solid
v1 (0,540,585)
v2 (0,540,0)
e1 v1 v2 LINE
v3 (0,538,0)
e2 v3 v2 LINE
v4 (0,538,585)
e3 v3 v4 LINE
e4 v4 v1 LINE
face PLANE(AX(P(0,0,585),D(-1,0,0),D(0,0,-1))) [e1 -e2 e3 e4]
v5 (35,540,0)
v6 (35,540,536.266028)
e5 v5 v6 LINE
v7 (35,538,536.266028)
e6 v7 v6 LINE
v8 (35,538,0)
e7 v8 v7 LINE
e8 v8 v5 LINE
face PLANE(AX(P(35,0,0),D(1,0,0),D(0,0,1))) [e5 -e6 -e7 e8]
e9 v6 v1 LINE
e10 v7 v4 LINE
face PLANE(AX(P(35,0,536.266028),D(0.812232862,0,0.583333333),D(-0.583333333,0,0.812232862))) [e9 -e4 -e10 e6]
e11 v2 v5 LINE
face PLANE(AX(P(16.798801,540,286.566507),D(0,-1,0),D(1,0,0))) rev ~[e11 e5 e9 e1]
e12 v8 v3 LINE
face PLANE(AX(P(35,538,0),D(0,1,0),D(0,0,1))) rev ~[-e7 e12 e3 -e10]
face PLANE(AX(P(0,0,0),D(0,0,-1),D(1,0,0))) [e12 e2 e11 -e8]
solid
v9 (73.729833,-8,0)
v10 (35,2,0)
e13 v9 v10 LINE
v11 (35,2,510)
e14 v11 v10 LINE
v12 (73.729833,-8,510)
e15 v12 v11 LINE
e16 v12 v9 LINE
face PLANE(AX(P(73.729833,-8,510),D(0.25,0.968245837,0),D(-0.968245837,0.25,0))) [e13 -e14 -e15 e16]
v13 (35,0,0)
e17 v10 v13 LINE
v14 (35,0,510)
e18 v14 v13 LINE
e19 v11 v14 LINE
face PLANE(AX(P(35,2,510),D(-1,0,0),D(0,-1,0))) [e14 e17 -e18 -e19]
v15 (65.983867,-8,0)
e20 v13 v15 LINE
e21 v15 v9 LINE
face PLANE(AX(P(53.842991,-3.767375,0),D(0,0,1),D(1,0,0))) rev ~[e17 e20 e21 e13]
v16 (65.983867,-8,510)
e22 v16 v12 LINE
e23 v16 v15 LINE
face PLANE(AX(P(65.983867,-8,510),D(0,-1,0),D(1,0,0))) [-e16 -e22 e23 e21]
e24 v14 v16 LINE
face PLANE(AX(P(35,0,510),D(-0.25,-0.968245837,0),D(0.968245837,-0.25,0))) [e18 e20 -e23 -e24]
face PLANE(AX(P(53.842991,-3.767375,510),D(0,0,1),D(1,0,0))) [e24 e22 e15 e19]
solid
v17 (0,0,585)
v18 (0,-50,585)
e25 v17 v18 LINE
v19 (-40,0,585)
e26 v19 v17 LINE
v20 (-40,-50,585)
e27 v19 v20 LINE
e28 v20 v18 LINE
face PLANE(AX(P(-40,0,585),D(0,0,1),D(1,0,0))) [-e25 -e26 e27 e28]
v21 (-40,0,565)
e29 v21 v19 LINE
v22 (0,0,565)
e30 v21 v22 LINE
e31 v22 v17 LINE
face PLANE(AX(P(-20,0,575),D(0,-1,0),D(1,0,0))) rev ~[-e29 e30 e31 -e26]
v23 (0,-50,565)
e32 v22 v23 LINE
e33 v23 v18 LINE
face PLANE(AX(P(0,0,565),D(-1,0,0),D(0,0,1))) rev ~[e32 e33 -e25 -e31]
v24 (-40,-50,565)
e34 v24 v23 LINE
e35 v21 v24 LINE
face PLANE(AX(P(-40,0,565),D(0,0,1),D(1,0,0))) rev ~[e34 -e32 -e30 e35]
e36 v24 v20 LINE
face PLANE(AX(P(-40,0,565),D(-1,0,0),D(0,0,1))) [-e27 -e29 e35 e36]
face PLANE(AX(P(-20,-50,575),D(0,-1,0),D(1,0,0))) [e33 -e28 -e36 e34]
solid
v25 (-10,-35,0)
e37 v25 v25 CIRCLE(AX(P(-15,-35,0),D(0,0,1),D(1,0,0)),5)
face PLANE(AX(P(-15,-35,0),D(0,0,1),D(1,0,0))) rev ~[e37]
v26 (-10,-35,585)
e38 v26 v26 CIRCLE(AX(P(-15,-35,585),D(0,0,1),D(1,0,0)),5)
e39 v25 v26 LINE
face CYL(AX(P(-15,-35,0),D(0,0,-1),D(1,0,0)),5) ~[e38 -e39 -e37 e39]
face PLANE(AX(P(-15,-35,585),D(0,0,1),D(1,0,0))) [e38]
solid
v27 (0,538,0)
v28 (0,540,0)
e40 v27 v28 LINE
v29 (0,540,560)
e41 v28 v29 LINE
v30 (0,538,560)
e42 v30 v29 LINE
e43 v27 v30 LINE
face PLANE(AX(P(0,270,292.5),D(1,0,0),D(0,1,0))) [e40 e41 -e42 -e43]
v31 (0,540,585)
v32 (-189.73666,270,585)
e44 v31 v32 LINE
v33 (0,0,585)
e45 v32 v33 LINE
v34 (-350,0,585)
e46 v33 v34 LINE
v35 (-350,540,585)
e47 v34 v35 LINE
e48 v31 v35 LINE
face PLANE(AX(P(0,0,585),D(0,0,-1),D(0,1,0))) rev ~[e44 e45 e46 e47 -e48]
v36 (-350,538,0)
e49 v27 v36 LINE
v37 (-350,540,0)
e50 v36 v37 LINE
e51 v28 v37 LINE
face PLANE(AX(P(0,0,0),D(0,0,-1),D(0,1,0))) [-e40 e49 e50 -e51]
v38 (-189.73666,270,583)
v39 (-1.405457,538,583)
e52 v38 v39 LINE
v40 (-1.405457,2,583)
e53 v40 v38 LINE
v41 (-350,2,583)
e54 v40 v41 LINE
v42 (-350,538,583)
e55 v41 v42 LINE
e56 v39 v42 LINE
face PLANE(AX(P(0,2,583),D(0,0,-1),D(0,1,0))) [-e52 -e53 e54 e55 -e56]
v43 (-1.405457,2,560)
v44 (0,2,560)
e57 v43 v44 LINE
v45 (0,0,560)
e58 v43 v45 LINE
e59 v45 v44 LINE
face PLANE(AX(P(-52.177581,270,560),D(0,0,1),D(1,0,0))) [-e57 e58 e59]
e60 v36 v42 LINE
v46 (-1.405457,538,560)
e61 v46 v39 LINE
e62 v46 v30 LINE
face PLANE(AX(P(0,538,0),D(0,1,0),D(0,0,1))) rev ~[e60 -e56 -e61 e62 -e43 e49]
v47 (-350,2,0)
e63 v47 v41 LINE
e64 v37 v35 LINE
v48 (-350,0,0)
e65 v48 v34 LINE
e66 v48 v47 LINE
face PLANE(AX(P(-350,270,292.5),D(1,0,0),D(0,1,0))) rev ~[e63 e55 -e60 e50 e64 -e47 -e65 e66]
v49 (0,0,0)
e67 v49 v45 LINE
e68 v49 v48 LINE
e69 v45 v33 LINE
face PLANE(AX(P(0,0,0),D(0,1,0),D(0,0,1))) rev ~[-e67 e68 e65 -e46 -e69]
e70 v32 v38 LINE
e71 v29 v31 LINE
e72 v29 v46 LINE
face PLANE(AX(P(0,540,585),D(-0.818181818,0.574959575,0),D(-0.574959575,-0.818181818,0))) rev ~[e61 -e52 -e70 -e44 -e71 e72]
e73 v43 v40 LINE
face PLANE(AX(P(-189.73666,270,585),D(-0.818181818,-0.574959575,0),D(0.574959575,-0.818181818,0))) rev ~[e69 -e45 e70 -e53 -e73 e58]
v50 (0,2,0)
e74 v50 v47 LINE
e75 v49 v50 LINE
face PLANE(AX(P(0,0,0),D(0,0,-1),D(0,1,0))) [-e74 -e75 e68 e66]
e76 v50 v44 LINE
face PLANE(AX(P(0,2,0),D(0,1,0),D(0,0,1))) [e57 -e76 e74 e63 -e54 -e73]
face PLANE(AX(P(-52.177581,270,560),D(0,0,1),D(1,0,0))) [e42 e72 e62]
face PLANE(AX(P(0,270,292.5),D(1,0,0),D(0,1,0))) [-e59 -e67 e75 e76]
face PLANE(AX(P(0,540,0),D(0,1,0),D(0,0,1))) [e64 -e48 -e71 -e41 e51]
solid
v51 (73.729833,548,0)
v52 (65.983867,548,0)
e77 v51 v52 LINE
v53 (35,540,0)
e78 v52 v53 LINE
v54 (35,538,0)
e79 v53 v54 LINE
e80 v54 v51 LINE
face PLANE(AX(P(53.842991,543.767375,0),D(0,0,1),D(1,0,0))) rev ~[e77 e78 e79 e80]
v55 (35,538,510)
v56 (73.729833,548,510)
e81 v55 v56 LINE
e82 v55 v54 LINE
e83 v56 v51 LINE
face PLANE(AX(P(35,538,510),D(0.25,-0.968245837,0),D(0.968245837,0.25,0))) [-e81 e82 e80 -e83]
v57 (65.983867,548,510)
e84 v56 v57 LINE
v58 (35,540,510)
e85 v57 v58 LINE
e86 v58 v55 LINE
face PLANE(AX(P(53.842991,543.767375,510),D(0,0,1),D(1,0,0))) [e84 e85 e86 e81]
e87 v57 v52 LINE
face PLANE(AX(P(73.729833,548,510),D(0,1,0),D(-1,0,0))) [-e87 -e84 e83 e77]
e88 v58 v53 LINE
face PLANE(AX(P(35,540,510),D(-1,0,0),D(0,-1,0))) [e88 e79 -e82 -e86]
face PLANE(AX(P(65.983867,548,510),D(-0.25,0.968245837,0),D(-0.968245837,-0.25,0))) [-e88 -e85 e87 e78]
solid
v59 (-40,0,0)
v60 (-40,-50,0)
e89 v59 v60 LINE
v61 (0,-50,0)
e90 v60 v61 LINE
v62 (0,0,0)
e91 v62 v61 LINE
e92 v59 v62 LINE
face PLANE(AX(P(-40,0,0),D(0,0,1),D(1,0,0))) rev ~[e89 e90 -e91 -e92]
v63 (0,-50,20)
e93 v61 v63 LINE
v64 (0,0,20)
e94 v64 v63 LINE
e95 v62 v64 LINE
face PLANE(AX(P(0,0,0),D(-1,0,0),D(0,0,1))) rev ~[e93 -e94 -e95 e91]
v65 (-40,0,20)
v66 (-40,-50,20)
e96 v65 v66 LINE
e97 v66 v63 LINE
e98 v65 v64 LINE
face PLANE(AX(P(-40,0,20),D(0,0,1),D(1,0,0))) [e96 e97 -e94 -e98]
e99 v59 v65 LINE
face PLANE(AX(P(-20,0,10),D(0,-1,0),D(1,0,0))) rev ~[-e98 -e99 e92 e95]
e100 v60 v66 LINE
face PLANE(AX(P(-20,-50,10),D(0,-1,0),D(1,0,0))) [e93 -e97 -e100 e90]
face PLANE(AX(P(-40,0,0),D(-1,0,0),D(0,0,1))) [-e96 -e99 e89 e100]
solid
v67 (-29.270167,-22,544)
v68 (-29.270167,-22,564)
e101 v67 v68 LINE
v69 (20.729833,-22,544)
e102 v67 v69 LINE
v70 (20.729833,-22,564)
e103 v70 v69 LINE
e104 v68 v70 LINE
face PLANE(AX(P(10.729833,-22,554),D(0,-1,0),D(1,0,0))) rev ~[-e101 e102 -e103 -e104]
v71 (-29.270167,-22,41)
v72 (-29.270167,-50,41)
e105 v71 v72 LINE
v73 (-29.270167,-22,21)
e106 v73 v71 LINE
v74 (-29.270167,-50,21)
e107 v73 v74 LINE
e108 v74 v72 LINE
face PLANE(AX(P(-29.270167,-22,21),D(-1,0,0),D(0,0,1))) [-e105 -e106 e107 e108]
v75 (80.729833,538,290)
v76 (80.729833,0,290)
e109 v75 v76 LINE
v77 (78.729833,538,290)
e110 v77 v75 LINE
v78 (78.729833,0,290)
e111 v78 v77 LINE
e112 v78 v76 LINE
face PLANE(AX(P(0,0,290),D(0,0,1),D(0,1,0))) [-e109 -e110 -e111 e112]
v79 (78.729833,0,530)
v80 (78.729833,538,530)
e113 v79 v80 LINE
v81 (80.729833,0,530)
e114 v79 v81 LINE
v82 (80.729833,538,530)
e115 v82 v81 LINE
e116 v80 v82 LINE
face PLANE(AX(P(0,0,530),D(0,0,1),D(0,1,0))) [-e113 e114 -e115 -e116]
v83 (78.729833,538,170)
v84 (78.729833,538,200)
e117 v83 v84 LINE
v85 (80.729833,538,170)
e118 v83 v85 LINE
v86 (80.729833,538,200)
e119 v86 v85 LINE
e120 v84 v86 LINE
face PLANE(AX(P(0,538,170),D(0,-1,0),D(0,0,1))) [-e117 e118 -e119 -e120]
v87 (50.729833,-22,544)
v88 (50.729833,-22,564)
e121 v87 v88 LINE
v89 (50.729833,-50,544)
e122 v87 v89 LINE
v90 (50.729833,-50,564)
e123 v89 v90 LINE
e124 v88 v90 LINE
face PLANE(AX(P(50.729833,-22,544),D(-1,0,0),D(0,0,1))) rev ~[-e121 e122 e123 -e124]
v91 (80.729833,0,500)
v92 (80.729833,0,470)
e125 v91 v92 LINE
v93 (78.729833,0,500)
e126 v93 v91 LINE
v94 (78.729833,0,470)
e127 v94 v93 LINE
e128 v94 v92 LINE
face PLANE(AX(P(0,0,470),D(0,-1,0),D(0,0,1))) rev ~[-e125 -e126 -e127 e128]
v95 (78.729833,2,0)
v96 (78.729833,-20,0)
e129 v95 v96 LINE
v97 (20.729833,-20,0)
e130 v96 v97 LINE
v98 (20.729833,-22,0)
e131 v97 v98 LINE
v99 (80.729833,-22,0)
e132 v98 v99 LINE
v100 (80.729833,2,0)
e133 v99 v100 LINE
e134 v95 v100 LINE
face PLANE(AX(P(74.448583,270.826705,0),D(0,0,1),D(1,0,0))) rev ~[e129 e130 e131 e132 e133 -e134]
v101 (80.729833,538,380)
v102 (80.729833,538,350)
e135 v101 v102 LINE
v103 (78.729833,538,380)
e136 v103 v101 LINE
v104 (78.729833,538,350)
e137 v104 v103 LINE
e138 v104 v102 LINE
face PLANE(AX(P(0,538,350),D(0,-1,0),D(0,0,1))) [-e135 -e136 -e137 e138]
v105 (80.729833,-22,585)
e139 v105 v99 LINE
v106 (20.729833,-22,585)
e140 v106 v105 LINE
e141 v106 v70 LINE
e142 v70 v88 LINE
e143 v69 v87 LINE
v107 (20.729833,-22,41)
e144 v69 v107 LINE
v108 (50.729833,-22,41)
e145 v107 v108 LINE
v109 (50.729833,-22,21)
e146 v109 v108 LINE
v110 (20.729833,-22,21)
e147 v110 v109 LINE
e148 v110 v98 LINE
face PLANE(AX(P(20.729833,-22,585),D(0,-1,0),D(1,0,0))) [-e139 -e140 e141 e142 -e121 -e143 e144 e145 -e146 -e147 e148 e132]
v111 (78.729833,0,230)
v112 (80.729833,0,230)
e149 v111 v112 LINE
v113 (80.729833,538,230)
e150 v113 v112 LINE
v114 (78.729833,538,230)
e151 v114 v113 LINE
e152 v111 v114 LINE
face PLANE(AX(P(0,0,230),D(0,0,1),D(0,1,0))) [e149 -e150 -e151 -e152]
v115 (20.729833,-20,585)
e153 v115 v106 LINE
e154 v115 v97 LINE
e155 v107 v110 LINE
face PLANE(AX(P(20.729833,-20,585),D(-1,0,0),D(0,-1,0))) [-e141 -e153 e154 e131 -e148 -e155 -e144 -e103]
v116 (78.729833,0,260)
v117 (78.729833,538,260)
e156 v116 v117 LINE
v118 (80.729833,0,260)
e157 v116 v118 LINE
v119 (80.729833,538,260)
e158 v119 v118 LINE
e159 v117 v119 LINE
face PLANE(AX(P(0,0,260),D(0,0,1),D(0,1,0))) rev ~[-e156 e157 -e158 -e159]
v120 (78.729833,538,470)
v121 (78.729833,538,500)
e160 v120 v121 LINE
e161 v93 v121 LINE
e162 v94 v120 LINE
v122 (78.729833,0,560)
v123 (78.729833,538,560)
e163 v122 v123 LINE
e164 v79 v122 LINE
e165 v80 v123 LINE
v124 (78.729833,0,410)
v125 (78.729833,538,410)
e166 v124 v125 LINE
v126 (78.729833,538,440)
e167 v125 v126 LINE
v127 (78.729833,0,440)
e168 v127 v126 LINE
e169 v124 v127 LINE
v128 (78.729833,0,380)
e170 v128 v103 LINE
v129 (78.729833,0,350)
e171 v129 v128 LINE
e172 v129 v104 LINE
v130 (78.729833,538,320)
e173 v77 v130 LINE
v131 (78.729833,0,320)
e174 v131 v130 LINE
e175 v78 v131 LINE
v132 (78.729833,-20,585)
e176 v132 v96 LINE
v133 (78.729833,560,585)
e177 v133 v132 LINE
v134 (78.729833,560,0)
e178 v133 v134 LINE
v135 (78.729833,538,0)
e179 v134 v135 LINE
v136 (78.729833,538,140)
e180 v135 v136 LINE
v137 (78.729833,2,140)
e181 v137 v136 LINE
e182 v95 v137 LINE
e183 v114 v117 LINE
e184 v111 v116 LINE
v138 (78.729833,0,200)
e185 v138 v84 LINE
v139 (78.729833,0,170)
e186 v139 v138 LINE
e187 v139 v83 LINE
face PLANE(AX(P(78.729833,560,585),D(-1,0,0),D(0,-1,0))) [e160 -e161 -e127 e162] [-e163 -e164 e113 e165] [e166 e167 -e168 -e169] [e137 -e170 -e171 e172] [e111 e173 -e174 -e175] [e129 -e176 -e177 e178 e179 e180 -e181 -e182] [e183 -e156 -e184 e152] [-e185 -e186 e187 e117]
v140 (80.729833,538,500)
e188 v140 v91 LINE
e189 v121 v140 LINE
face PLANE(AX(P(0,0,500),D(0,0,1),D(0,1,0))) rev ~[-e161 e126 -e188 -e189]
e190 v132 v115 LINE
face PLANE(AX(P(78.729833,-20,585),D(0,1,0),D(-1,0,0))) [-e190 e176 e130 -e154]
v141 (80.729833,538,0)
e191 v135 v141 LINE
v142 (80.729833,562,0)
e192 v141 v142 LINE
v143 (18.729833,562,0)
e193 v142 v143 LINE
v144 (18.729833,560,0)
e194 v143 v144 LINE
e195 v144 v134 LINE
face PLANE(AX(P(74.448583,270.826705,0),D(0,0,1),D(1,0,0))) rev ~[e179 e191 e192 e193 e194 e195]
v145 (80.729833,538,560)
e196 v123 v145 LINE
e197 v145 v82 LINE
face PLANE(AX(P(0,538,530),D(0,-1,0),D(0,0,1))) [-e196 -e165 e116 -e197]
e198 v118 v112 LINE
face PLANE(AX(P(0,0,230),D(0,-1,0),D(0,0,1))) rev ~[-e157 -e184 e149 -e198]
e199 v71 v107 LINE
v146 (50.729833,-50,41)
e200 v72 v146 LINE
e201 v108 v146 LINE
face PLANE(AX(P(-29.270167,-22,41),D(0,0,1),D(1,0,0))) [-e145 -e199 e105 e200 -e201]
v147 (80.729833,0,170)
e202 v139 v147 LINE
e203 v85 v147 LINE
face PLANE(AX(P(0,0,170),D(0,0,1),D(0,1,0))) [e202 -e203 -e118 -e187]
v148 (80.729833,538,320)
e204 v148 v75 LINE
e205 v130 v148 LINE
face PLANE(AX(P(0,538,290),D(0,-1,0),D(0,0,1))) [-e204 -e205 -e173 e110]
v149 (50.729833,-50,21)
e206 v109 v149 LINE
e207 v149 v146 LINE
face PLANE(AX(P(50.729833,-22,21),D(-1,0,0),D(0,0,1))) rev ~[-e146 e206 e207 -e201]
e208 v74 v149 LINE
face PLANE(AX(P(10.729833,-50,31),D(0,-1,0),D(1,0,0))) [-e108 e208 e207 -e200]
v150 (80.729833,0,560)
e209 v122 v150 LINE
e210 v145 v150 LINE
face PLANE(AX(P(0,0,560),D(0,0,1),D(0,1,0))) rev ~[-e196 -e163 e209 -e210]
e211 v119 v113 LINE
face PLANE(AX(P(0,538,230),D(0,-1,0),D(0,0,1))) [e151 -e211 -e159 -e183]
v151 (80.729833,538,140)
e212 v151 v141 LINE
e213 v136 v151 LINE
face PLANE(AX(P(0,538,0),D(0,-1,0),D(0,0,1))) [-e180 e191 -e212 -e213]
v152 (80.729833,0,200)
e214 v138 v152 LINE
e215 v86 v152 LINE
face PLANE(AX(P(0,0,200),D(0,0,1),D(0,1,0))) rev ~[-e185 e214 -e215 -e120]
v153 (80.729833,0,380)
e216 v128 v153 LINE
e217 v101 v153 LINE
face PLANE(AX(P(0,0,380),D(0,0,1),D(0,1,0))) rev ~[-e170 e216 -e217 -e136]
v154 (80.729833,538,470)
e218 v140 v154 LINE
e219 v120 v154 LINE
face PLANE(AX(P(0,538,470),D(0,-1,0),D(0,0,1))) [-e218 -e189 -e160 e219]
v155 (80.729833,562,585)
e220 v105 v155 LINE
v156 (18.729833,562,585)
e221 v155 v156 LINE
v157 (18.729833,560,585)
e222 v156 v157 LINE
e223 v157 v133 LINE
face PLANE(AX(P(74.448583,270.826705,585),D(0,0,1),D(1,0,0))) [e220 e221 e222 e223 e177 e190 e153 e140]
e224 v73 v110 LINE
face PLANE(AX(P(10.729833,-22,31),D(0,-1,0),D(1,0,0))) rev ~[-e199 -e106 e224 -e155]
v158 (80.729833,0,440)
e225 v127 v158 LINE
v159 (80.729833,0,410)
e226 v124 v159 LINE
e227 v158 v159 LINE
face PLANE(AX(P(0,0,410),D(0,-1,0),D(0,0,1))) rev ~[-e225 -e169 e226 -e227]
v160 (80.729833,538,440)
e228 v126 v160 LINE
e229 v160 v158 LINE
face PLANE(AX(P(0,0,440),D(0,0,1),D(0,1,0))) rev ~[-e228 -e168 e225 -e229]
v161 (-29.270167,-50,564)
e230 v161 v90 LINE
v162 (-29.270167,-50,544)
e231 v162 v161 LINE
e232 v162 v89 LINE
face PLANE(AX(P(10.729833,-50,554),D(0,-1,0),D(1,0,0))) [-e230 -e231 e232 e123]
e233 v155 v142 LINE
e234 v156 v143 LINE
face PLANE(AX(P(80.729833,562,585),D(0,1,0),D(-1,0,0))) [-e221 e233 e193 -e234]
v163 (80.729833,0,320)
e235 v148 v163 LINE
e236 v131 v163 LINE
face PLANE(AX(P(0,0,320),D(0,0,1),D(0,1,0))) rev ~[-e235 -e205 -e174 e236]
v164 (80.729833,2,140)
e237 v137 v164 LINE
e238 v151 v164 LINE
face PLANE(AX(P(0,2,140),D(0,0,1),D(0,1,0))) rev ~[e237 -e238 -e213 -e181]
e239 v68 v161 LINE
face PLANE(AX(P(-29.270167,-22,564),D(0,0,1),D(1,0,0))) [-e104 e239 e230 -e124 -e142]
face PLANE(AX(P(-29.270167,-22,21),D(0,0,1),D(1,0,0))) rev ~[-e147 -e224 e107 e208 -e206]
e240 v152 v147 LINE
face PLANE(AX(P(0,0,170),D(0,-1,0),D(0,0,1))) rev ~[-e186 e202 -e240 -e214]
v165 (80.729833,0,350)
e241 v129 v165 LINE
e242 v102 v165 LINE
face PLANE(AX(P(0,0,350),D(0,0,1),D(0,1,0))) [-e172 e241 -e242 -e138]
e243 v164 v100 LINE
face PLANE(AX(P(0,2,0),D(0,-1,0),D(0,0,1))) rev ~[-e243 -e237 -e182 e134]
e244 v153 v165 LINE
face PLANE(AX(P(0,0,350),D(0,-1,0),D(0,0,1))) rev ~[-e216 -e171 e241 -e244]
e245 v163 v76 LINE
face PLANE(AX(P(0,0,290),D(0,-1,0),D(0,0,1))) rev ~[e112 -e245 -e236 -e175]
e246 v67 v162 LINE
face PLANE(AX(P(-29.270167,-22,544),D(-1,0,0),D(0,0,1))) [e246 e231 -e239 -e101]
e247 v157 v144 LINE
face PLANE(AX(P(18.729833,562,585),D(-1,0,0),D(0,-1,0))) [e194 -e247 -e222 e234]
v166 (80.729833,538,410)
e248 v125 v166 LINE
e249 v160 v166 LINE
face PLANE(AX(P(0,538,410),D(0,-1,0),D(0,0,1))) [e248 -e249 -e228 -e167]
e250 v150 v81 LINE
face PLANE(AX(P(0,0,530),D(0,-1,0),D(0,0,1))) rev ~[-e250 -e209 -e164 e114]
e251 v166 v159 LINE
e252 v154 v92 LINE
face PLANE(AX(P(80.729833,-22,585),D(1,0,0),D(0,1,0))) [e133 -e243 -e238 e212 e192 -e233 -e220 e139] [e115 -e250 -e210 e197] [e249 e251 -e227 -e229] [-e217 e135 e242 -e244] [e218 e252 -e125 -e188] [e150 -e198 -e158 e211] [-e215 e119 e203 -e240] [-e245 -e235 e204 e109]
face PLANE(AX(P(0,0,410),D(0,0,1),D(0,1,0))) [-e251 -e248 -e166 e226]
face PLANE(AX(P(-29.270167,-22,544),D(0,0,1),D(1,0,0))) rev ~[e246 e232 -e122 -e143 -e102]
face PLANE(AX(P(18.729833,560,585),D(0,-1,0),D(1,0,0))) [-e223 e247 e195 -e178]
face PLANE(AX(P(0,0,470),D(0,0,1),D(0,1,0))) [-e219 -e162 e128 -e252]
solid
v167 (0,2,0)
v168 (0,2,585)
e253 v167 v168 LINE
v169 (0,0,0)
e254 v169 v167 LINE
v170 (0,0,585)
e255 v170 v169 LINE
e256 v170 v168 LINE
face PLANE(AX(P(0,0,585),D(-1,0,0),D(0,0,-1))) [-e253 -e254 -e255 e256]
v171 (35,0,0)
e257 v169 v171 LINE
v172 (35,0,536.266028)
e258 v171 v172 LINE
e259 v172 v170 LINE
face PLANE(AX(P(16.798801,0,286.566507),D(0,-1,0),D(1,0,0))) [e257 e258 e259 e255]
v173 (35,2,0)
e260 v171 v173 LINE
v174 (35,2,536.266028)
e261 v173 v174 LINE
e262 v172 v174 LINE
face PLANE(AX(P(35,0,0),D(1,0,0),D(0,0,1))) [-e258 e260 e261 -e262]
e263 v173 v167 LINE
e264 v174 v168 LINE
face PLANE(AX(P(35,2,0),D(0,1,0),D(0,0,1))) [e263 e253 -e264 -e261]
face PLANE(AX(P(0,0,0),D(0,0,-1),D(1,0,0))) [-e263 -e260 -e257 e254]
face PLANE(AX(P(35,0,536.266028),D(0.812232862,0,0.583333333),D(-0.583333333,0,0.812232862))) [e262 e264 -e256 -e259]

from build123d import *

# Parameters (mm, degrees)
F0_W      = 540
F0_H      = 585
F1_DEPTH  = 350
F2_W      = 536
F2_H      = 583
F3_DEPTH  = 350
F5_DEPTH  = 25
F7_DEPTH  = 540
F8_W      = 536
F8_H      = 585
F9_DEPTH  = 35
F12_DEPTH = 510
F15_DEPTH = 585
F16_W     = 536
F16_H     = 140
F16_W_2   = 538
F16_H_2   = 30
F17_DEPTH = 100
F18_W     = 40
F18_H     = 20
F19_DEPTH = 50
F20_R     = 5
F21_DEPTH = 585
F22_W     = 80
F22_H     = 20
F23_DEPTH = 28


with BuildPart() as f1:
    # F0 (on Right) → F1 (new body)
    with BuildSketch(Plane.YZ):
        with Locations((270, 292.5)):
            Rectangle(F0_W, F0_H)
    extrude(amount=-F1_DEPTH)

    # F2 (on face) → F3 (cut)
    with BuildSketch(Plane.YZ):
        with Locations((270, 291.5)):
            Rectangle(F2_W, F2_H)
    extrude(amount=-F3_DEPTH, mode=Mode.SUBTRACT)

    # F4 (on face) → F5 (cut)
    with BuildSketch(Plane.XY.offset(585)):
        Polygon((-189.7366596101, 270), (0, 0), (0, 540), align=None)
    extrude(amount=-F5_DEPTH, mode=Mode.SUBTRACT)


with BuildPart() as f7:
    # F6 (on face) → F7 (new body)
    with BuildSketch(Plane.XZ):
        Polygon((0, 585), (0, 0), (35, 0), (35, 536.266028276), align=None)
    extrude(amount=-F7_DEPTH)

    # F8 (on face) → F9 (cut)
    with BuildSketch(Plane.YZ.offset(35)):
        with Locations((270, 292.5)):
            Rectangle(F8_W, F8_H)
    extrude(amount=-F9_DEPTH, mode=Mode.SUBTRACT)


with BuildPart() as f12:
    # F11 (on offset) → F12 (new body)
    with BuildSketch(Plane.XY.offset(510)):
        Polygon((35, 2), (35, 0), (65.9838667697, -8), (73.7298334621, -8), align=None)
    extrude(amount=-F12_DEPTH)


with BuildPart() as f12b:
    # F11 (on offset) → F12, piece 2 (new body)
    with BuildSketch(Plane.XY.offset(510)):
        Polygon((65.9838667697, 548), (35, 540), (35, 538), (73.7298334621, 548), align=None)
    extrude(amount=-F12_DEPTH)


with BuildPart() as f15:
    # F14 (on offset) → F15 (new body)
    with BuildSketch(Plane.XY.offset(585)):
        Polygon((78.7298334621, -20), (20.7298334621, -20), (20.7298334621, -22), (80.7298334621, -22), (80.7298334621, 562), (18.7298334621, 562), (18.7298334621, 560), (78.7298334621, 560), align=None)
    extrude(amount=-F15_DEPTH)

    # F16 (on Right) → F17 (cut)
    with BuildSketch(Plane.YZ):
        with Locations((270, 70)):
            Rectangle(F16_W, F16_H)
        with Locations((269, 185)):
            Rectangle(F16_W_2, F16_H_2)
        with Locations((269, 245)):
            Rectangle(F16_W_2, F16_H_2)
        with Locations((269, 305)):
            Rectangle(F16_W_2, F16_H_2)
        with Locations((269, 365)):
            Rectangle(F16_W_2, F16_H_2)
        with Locations((269, 545)):
            Rectangle(F16_W_2, F16_H_2)
        with Locations((269, 485)):
            Rectangle(F16_W_2, F16_H_2)
        with Locations((269, 425)):
            Rectangle(F16_W_2, F16_H_2)
    extrude(amount=F17_DEPTH, mode=Mode.SUBTRACT)

    # F22 (on face) → F23 (join)
    with BuildSketch(Plane.XZ.offset(22)):
        with Locations((10.7298334621, 554)):
            Rectangle(F22_W, F22_H)
        with Locations((10.7298334621, 31)):
            Rectangle(F22_W, F22_H)
    extrude(amount=F23_DEPTH)


with BuildPart() as f19:
    # F18 (on Front) → F19 (new body)
    with BuildSketch(Plane.XZ):
        with Locations((-20, 10)):
            Rectangle(F18_W, F18_H)
    extrude(amount=F19_DEPTH)


with BuildPart() as f19b:
    # F18 (on Front) → F19, piece 2 (new body)
    with BuildSketch(Plane.XZ):
        with Locations((-20, 575)):
            Rectangle(F18_W, F18_H)
    extrude(amount=F19_DEPTH)


with BuildPart() as f21:
    # F20 (on Top) → F21 (new body)
    with BuildSketch(Plane.XY):
        with Locations((-15, -35)):
            Circle(F20_R)
    extrude(amount=F21_DEPTH)


solid = Compound([f1.part, f7.part, f12.part, f12b.part, f15.part, f19.part, f19b.part, f21.part])
